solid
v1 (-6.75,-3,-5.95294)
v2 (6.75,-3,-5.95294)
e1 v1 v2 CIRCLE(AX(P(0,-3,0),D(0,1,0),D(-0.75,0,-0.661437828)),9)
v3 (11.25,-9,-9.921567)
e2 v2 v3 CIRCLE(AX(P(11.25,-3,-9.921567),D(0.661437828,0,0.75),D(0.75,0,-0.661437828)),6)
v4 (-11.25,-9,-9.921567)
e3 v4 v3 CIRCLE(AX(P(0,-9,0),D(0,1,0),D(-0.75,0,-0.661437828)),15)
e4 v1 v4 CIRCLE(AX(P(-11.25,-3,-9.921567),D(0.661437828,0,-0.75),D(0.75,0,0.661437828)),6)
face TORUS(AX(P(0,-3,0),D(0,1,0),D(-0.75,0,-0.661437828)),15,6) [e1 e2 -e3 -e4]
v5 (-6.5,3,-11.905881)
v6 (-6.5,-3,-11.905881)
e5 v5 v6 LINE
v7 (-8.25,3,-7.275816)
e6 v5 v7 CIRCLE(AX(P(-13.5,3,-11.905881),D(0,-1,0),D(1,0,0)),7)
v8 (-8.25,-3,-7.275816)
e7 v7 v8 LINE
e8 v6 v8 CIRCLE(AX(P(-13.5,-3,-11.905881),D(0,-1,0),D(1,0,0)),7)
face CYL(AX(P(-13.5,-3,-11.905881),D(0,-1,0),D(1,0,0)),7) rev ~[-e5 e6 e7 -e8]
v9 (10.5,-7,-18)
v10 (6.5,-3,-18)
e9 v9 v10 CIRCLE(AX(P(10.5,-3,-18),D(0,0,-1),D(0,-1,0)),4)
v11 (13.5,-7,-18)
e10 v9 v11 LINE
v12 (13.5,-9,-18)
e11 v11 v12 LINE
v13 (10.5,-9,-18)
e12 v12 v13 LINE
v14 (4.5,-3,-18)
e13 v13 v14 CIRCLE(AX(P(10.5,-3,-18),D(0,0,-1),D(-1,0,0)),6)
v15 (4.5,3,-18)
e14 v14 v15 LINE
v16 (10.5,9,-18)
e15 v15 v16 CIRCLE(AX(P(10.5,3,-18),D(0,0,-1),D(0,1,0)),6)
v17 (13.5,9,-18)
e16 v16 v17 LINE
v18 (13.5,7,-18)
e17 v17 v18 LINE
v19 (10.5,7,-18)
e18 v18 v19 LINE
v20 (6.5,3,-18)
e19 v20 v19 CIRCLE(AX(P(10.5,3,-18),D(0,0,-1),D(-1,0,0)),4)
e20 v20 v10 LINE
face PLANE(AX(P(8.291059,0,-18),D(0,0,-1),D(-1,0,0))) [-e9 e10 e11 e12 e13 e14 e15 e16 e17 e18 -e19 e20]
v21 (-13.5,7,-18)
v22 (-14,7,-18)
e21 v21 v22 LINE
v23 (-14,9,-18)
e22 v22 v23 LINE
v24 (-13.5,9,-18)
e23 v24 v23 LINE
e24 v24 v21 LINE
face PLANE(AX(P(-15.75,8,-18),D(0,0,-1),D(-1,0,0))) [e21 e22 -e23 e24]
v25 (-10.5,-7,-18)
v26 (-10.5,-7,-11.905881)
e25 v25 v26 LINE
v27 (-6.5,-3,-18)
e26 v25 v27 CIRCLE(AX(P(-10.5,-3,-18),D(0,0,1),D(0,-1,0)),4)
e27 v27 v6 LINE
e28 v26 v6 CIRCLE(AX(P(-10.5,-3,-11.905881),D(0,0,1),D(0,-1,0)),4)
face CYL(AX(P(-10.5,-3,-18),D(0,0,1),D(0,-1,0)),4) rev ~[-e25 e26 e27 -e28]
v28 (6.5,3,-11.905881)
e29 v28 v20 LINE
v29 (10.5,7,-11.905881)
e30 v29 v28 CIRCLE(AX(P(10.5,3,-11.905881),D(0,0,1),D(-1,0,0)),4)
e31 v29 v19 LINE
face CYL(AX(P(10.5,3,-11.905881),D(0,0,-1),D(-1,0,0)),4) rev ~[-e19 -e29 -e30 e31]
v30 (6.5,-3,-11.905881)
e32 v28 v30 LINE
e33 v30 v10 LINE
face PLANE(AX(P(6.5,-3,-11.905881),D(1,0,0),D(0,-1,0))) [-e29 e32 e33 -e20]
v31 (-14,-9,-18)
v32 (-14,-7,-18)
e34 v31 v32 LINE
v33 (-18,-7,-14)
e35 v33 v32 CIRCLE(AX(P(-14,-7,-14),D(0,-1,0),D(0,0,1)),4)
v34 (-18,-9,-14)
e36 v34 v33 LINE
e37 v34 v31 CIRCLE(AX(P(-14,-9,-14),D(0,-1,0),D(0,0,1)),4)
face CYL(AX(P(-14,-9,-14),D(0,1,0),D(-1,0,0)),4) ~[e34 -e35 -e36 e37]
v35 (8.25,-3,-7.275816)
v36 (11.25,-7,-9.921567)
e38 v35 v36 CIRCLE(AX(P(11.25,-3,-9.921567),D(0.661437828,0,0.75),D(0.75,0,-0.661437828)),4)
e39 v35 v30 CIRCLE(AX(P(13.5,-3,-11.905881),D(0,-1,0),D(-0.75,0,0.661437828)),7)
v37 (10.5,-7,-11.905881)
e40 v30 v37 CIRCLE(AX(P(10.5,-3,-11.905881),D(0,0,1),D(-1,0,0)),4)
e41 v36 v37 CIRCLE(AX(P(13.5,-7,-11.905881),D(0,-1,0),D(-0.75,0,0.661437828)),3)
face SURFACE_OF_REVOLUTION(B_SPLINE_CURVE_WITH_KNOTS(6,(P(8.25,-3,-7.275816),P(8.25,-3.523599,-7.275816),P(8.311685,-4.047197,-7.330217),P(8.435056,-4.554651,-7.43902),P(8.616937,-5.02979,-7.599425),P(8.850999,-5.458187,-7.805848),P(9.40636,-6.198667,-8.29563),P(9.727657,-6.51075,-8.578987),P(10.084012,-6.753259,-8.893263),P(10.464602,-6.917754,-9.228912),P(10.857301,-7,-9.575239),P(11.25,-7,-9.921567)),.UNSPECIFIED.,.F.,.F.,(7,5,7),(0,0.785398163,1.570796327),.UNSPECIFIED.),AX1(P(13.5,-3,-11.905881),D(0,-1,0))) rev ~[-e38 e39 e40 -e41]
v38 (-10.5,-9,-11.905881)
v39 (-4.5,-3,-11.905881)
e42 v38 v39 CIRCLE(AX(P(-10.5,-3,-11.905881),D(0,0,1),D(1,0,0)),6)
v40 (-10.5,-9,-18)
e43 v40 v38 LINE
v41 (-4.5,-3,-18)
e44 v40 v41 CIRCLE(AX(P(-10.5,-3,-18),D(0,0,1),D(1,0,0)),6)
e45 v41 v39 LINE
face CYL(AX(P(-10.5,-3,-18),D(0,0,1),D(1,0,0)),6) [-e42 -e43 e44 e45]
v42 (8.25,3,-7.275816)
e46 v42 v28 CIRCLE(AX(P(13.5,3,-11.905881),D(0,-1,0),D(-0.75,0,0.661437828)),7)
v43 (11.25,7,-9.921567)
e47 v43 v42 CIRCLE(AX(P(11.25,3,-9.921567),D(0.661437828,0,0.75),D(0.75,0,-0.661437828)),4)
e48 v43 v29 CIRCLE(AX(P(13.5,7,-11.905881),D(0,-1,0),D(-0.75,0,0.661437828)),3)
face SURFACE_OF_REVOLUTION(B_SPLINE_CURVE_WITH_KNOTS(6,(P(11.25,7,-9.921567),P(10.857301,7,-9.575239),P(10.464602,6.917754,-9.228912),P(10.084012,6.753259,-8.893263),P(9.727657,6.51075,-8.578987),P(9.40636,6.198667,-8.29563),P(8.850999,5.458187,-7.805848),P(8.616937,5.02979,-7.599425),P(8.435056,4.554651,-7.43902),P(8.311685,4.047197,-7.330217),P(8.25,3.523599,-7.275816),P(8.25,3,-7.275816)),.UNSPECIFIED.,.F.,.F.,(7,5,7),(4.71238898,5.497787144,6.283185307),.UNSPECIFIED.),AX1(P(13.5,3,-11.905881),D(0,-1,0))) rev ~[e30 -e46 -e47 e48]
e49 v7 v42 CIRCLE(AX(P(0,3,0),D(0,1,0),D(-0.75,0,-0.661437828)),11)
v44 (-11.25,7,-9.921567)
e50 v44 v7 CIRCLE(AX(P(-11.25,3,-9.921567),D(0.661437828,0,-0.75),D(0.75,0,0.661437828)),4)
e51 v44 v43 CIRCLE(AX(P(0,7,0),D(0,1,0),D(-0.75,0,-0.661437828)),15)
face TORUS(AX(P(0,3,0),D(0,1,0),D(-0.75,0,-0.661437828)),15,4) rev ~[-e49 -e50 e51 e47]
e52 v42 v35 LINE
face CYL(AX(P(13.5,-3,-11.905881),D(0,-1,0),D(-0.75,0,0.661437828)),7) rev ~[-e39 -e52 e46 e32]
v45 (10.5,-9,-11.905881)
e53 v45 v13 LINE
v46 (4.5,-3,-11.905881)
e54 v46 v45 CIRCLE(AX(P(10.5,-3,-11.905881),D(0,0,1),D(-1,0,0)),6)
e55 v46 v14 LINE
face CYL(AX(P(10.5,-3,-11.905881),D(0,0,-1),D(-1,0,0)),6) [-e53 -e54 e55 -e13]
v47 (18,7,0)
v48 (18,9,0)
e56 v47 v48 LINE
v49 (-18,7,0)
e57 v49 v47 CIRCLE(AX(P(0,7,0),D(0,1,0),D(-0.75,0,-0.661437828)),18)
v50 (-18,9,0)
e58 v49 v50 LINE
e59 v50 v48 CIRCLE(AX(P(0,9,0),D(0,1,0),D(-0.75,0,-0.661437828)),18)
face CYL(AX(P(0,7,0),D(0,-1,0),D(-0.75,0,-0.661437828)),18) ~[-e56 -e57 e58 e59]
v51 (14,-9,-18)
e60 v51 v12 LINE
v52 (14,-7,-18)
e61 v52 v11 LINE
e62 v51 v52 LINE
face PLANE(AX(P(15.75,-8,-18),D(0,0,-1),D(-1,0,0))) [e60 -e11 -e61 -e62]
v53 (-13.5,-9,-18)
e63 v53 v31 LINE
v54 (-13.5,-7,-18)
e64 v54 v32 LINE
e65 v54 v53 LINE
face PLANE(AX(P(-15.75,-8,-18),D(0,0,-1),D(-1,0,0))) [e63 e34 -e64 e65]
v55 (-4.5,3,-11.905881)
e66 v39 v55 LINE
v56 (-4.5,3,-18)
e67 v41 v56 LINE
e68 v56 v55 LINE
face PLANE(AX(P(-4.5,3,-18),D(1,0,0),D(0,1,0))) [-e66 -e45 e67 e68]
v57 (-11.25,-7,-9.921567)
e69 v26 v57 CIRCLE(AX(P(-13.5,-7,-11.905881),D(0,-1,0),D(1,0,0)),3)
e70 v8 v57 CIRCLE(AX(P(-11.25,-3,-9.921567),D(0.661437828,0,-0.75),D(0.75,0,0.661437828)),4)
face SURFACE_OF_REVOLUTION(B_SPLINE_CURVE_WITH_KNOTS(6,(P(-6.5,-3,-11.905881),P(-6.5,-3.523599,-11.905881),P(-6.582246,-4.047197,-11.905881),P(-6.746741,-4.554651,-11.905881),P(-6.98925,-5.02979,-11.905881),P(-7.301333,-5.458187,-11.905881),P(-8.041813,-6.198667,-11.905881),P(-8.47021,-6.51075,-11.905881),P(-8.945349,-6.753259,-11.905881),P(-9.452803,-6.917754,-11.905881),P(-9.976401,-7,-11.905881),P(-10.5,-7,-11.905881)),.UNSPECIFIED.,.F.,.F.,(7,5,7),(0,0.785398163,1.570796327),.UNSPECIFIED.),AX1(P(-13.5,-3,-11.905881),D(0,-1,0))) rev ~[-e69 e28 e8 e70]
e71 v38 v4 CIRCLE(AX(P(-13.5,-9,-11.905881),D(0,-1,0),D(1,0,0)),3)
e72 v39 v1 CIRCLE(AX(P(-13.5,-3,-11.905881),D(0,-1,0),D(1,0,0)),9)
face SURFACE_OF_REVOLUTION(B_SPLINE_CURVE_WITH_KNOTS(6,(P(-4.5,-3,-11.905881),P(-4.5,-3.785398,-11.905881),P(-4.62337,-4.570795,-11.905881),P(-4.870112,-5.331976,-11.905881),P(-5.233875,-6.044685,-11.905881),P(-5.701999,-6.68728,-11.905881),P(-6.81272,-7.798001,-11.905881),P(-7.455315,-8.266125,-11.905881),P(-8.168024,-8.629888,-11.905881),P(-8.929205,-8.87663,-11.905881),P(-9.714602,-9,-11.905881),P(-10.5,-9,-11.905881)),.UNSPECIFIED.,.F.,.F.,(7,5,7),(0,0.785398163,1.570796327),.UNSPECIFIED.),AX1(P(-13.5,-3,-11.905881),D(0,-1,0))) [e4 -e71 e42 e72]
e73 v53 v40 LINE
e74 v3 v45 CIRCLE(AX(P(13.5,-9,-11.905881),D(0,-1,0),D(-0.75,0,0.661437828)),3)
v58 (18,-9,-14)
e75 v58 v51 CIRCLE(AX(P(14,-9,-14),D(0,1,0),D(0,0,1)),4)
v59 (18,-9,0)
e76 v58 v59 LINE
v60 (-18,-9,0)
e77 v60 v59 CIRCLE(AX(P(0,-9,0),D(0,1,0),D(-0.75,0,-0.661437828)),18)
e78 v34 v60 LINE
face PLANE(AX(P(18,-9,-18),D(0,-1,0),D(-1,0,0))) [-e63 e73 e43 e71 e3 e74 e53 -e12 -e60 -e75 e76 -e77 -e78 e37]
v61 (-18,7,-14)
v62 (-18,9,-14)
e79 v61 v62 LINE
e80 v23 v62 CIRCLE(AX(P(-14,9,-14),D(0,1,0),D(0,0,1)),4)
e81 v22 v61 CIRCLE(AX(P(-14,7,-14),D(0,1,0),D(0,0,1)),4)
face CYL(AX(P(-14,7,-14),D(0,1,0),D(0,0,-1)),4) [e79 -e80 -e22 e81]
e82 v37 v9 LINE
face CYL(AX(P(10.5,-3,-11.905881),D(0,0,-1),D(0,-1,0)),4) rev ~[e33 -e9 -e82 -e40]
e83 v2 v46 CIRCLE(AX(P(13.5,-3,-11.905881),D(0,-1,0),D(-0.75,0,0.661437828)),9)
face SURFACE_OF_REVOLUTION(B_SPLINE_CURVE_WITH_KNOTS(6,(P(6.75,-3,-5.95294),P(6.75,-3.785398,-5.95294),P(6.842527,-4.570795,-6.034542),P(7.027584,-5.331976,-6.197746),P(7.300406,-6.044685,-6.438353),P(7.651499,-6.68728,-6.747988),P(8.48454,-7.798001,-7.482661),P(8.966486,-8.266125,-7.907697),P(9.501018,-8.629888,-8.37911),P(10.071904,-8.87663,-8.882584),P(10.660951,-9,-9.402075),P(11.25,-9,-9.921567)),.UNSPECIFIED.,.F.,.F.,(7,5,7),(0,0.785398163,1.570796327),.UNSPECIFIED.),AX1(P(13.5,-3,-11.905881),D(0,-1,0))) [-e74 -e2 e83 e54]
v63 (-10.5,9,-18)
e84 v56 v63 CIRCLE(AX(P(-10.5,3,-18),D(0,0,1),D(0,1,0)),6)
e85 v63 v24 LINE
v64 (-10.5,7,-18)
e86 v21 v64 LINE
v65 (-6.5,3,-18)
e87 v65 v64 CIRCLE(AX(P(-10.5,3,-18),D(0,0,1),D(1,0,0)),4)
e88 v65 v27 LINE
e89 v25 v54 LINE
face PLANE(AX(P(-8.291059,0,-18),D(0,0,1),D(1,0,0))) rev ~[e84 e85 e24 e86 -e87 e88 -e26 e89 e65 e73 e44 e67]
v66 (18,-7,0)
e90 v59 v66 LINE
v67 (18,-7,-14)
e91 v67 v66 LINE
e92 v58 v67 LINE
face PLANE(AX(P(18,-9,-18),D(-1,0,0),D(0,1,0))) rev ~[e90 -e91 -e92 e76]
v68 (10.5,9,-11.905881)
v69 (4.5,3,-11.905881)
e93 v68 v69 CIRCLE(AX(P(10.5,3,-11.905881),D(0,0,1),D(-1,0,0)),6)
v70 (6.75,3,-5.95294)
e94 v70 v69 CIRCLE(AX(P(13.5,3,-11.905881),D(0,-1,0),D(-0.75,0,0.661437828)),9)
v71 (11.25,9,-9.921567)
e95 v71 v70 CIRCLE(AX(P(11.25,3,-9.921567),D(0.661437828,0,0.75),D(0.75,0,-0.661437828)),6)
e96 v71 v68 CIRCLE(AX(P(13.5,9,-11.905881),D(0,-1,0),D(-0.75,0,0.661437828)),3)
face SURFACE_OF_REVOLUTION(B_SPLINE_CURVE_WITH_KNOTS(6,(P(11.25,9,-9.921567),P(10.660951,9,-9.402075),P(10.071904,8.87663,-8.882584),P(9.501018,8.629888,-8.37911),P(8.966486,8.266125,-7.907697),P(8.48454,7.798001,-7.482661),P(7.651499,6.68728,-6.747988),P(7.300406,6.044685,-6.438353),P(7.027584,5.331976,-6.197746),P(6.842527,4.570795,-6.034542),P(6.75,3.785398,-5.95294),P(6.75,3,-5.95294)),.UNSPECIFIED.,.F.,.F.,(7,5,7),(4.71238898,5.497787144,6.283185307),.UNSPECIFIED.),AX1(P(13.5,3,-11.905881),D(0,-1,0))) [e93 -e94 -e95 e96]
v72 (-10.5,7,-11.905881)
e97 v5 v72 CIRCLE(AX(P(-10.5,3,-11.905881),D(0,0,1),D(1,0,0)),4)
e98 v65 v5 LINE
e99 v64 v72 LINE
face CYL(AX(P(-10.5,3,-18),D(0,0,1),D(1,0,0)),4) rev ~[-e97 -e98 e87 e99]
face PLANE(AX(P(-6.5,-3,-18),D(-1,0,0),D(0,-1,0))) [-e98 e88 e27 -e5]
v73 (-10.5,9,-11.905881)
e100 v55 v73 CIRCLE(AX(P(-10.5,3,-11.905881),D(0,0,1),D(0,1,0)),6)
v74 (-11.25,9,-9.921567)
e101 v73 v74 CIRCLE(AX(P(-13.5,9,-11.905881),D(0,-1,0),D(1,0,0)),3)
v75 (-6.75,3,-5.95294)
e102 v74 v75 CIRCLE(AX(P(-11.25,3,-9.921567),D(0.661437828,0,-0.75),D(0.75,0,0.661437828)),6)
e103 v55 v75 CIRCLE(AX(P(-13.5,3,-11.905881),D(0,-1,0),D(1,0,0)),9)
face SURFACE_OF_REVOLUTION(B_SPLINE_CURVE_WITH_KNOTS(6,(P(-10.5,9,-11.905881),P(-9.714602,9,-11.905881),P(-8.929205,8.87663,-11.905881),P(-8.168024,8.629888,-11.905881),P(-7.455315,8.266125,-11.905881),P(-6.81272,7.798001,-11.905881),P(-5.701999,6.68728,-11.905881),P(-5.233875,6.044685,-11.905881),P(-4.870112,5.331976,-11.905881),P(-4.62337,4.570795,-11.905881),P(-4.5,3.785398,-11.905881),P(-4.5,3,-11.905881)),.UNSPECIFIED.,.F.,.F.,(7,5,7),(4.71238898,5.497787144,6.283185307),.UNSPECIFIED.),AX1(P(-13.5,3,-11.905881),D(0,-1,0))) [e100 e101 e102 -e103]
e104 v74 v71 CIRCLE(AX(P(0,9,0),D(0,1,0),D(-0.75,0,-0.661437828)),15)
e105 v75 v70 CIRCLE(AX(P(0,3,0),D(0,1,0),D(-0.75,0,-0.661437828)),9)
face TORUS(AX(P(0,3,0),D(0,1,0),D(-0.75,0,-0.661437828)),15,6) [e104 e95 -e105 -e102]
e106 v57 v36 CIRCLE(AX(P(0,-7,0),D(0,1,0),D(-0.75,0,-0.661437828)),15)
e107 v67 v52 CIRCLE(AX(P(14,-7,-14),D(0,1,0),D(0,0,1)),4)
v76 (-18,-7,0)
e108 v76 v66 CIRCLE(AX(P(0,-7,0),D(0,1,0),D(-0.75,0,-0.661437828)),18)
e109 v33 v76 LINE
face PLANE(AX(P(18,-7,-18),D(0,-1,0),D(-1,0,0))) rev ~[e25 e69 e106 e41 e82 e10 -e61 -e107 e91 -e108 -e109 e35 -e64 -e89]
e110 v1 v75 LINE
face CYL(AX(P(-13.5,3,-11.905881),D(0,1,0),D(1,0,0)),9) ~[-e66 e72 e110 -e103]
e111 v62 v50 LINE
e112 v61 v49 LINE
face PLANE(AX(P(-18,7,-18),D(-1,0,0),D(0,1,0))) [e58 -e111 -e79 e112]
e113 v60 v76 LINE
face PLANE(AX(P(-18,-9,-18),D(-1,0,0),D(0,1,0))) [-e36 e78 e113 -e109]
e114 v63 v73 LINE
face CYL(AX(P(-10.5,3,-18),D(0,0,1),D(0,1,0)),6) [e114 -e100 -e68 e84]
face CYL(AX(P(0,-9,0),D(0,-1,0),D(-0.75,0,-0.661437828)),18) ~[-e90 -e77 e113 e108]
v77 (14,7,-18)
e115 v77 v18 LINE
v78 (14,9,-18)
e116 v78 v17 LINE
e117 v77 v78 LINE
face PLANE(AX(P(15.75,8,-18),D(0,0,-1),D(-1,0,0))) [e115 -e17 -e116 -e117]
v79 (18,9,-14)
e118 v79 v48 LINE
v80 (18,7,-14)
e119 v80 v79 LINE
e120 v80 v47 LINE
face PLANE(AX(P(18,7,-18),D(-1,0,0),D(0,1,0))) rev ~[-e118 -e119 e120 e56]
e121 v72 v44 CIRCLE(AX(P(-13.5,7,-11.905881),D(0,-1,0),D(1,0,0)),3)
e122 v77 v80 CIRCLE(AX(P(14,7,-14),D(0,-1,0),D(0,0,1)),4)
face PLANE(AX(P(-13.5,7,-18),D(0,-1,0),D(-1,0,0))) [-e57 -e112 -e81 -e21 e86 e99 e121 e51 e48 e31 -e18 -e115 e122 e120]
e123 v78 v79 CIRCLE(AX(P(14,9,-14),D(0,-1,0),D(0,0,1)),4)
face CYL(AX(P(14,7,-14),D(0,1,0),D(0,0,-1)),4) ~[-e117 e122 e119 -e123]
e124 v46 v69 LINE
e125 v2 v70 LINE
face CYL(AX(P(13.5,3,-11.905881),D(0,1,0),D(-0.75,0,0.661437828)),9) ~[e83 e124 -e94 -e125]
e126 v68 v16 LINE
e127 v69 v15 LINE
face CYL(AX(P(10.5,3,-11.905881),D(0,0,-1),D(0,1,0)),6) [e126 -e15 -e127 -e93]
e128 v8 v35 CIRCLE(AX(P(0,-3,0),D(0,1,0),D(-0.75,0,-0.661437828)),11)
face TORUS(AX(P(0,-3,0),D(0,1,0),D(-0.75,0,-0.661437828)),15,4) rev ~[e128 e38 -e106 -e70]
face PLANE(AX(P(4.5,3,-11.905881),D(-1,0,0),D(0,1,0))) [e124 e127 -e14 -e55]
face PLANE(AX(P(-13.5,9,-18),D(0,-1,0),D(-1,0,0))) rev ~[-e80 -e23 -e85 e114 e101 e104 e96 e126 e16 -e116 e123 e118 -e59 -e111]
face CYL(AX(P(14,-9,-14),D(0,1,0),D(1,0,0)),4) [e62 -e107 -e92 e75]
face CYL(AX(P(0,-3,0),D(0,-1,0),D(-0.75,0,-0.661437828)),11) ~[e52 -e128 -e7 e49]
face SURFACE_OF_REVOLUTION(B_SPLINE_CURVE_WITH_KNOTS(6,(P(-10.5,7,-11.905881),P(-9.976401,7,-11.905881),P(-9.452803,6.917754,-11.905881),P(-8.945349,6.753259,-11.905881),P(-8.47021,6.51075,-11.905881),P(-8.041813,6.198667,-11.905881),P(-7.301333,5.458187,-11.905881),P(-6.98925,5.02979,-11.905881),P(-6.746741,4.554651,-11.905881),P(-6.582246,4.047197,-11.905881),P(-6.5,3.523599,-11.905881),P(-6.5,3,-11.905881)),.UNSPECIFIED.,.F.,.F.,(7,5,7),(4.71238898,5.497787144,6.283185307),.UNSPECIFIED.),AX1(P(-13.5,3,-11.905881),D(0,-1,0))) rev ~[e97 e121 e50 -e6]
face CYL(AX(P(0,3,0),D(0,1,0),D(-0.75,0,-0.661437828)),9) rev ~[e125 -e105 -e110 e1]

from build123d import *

# Parameters (mm, degrees)
BOSS_EXTRUDE1_REACH      = 43.243
BOSS_EXTRUDE1_END_RADIUS = 18
SKETCH4_W                = 4.5
SKETCH4_H                = 2
FILLET1_R                = 4


with BuildPart() as part:
    # Sweep1: sweep along a path in Sketch1
    with BuildLine(Plane(origin=(0, 0, 0), x_dir=(1, 0, 0), z_dir=(0, 1, 0))) as sweep1_path:
        Line((-4.5, 18), (-4.5, 11.9058809))
        ThreePointArc((-4.5, 11.9058809), (-5.08127088, 8.723900384), (-6.75, 5.95294045))
        ThreePointArc((-6.75, 5.95294045), (0, -9), (6.75, 5.95294045))
        ThreePointArc((6.75, 5.95294045), (5.08127088, 8.723900384), (4.5, 11.9058809))
        Line((4.5, 11.9058809), (4.5, 18))
    # Sketch3 → Sweep1 (sweep)
    with BuildSketch(Plane(origin=(0, 0, 0), x_dir=(0, 0, -1), z_dir=(1, 0, 0))):
        with BuildLine():
            Line((-18, 9), (-15, 9))
            ThreePointArc((-15, 9), (-10.757359313, 7.242640687), (-9, 3))
            Line((-9, 3), (-9, 0))
            Line((-9, 0), (-9, -3))
            ThreePointArc((-9, -3), (-10.757359313, -7.242640687), (-15, -9))
            Line((-15, -9), (-18, -9))
            Line((-18, -9), (-18, -7))
            Line((-18, -7), (-15, -7))
            ThreePointArc((-15, -7), (-12.171572875, -5.828427125), (-11, -3))
            Line((-11, -3), (-11, 3))
            ThreePointArc((-11, 3), (-12.171572875, 5.828427125), (-15, 7))
            Line((-15, 7), (-18, 7))
            Line((-18, 7), (-18, 9))
        make_face()
    sweep(path=sweep1_path.line)

    # Boss-Extrude1: up to this cylinder (the profile starts outside it)
    boss_extrude1_end = Plane(origin=(0, 0, 0), z_dir=(0, 1, 0)) * Cylinder(BOSS_EXTRUDE1_END_RADIUS, 139.486, mode=Mode.PRIVATE)
    # Sketch4 → Boss-Extrude1 (add, up to the surface)
    with BuildSketch(Plane(origin=(0, 0, -18), x_dir=(-1, 0, 0), z_dir=(0, 0, -1)), mode=Mode.PRIVATE) as boss_extrude1_sk1:
        with Locations((-15.75, 8)):
            Rectangle(SKETCH4_W, SKETCH4_H)
    boss_extrude1_tool1 = extrude(boss_extrude1_sk1.sketch, amount=-BOSS_EXTRUDE1_REACH, mode=Mode.PRIVATE) - boss_extrude1_end
    add(boss_extrude1_tool1.solids().sort_by_distance((15.75, 8, -18))[0])
    # Sketch4 → Boss-Extrude1 (add, up to the surface)
    with BuildSketch(Plane(origin=(0, 0, -18), x_dir=(-1, 0, 0), z_dir=(0, 0, -1)), mode=Mode.PRIVATE) as boss_extrude1_sk2:
        with Locations((15.75, 8)):
            Rectangle(SKETCH4_W, SKETCH4_H)
    boss_extrude1_tool2 = extrude(boss_extrude1_sk2.sketch, amount=-BOSS_EXTRUDE1_REACH, mode=Mode.PRIVATE) - boss_extrude1_end
    add(boss_extrude1_tool2.solids().sort_by_distance((-15.75, 8, -18))[0])
    # Sketch4 → Boss-Extrude1 (add, up to the surface)
    with BuildSketch(Plane(origin=(0, 0, -18), x_dir=(-1, 0, 0), z_dir=(0, 0, -1)), mode=Mode.PRIVATE) as boss_extrude1_sk3:
        with Locations((15.75, -8)):
            Rectangle(SKETCH4_W, SKETCH4_H)
    boss_extrude1_tool3 = extrude(boss_extrude1_sk3.sketch, amount=-BOSS_EXTRUDE1_REACH, mode=Mode.PRIVATE) - boss_extrude1_end
    add(boss_extrude1_tool3.solids().sort_by_distance((-15.75, -8, -18))[0])
    # Sketch4 → Boss-Extrude1 (add, up to the surface)
    with BuildSketch(Plane(origin=(0, 0, -18), x_dir=(-1, 0, 0), z_dir=(0, 0, -1)), mode=Mode.PRIVATE) as boss_extrude1_sk4:
        with Locations((-15.75, -8)):
            Rectangle(SKETCH4_W, SKETCH4_H)
    boss_extrude1_tool4 = extrude(boss_extrude1_sk4.sketch, amount=-BOSS_EXTRUDE1_REACH, mode=Mode.PRIVATE) - boss_extrude1_end
    add(boss_extrude1_tool4.solids().sort_by_distance((15.75, -8, -18))[0])

    # Fillet1
    fillet1_edges = [part.edges().sort_by_distance(p)[0] for p in [
        (18, -8, -18),
        (-18, -8, -18),
        (-18, 8, -18),
        (18, 8, -18),
    ]]
    fillet(fillet1_edges, radius=FILLET1_R)


solid = part.part
